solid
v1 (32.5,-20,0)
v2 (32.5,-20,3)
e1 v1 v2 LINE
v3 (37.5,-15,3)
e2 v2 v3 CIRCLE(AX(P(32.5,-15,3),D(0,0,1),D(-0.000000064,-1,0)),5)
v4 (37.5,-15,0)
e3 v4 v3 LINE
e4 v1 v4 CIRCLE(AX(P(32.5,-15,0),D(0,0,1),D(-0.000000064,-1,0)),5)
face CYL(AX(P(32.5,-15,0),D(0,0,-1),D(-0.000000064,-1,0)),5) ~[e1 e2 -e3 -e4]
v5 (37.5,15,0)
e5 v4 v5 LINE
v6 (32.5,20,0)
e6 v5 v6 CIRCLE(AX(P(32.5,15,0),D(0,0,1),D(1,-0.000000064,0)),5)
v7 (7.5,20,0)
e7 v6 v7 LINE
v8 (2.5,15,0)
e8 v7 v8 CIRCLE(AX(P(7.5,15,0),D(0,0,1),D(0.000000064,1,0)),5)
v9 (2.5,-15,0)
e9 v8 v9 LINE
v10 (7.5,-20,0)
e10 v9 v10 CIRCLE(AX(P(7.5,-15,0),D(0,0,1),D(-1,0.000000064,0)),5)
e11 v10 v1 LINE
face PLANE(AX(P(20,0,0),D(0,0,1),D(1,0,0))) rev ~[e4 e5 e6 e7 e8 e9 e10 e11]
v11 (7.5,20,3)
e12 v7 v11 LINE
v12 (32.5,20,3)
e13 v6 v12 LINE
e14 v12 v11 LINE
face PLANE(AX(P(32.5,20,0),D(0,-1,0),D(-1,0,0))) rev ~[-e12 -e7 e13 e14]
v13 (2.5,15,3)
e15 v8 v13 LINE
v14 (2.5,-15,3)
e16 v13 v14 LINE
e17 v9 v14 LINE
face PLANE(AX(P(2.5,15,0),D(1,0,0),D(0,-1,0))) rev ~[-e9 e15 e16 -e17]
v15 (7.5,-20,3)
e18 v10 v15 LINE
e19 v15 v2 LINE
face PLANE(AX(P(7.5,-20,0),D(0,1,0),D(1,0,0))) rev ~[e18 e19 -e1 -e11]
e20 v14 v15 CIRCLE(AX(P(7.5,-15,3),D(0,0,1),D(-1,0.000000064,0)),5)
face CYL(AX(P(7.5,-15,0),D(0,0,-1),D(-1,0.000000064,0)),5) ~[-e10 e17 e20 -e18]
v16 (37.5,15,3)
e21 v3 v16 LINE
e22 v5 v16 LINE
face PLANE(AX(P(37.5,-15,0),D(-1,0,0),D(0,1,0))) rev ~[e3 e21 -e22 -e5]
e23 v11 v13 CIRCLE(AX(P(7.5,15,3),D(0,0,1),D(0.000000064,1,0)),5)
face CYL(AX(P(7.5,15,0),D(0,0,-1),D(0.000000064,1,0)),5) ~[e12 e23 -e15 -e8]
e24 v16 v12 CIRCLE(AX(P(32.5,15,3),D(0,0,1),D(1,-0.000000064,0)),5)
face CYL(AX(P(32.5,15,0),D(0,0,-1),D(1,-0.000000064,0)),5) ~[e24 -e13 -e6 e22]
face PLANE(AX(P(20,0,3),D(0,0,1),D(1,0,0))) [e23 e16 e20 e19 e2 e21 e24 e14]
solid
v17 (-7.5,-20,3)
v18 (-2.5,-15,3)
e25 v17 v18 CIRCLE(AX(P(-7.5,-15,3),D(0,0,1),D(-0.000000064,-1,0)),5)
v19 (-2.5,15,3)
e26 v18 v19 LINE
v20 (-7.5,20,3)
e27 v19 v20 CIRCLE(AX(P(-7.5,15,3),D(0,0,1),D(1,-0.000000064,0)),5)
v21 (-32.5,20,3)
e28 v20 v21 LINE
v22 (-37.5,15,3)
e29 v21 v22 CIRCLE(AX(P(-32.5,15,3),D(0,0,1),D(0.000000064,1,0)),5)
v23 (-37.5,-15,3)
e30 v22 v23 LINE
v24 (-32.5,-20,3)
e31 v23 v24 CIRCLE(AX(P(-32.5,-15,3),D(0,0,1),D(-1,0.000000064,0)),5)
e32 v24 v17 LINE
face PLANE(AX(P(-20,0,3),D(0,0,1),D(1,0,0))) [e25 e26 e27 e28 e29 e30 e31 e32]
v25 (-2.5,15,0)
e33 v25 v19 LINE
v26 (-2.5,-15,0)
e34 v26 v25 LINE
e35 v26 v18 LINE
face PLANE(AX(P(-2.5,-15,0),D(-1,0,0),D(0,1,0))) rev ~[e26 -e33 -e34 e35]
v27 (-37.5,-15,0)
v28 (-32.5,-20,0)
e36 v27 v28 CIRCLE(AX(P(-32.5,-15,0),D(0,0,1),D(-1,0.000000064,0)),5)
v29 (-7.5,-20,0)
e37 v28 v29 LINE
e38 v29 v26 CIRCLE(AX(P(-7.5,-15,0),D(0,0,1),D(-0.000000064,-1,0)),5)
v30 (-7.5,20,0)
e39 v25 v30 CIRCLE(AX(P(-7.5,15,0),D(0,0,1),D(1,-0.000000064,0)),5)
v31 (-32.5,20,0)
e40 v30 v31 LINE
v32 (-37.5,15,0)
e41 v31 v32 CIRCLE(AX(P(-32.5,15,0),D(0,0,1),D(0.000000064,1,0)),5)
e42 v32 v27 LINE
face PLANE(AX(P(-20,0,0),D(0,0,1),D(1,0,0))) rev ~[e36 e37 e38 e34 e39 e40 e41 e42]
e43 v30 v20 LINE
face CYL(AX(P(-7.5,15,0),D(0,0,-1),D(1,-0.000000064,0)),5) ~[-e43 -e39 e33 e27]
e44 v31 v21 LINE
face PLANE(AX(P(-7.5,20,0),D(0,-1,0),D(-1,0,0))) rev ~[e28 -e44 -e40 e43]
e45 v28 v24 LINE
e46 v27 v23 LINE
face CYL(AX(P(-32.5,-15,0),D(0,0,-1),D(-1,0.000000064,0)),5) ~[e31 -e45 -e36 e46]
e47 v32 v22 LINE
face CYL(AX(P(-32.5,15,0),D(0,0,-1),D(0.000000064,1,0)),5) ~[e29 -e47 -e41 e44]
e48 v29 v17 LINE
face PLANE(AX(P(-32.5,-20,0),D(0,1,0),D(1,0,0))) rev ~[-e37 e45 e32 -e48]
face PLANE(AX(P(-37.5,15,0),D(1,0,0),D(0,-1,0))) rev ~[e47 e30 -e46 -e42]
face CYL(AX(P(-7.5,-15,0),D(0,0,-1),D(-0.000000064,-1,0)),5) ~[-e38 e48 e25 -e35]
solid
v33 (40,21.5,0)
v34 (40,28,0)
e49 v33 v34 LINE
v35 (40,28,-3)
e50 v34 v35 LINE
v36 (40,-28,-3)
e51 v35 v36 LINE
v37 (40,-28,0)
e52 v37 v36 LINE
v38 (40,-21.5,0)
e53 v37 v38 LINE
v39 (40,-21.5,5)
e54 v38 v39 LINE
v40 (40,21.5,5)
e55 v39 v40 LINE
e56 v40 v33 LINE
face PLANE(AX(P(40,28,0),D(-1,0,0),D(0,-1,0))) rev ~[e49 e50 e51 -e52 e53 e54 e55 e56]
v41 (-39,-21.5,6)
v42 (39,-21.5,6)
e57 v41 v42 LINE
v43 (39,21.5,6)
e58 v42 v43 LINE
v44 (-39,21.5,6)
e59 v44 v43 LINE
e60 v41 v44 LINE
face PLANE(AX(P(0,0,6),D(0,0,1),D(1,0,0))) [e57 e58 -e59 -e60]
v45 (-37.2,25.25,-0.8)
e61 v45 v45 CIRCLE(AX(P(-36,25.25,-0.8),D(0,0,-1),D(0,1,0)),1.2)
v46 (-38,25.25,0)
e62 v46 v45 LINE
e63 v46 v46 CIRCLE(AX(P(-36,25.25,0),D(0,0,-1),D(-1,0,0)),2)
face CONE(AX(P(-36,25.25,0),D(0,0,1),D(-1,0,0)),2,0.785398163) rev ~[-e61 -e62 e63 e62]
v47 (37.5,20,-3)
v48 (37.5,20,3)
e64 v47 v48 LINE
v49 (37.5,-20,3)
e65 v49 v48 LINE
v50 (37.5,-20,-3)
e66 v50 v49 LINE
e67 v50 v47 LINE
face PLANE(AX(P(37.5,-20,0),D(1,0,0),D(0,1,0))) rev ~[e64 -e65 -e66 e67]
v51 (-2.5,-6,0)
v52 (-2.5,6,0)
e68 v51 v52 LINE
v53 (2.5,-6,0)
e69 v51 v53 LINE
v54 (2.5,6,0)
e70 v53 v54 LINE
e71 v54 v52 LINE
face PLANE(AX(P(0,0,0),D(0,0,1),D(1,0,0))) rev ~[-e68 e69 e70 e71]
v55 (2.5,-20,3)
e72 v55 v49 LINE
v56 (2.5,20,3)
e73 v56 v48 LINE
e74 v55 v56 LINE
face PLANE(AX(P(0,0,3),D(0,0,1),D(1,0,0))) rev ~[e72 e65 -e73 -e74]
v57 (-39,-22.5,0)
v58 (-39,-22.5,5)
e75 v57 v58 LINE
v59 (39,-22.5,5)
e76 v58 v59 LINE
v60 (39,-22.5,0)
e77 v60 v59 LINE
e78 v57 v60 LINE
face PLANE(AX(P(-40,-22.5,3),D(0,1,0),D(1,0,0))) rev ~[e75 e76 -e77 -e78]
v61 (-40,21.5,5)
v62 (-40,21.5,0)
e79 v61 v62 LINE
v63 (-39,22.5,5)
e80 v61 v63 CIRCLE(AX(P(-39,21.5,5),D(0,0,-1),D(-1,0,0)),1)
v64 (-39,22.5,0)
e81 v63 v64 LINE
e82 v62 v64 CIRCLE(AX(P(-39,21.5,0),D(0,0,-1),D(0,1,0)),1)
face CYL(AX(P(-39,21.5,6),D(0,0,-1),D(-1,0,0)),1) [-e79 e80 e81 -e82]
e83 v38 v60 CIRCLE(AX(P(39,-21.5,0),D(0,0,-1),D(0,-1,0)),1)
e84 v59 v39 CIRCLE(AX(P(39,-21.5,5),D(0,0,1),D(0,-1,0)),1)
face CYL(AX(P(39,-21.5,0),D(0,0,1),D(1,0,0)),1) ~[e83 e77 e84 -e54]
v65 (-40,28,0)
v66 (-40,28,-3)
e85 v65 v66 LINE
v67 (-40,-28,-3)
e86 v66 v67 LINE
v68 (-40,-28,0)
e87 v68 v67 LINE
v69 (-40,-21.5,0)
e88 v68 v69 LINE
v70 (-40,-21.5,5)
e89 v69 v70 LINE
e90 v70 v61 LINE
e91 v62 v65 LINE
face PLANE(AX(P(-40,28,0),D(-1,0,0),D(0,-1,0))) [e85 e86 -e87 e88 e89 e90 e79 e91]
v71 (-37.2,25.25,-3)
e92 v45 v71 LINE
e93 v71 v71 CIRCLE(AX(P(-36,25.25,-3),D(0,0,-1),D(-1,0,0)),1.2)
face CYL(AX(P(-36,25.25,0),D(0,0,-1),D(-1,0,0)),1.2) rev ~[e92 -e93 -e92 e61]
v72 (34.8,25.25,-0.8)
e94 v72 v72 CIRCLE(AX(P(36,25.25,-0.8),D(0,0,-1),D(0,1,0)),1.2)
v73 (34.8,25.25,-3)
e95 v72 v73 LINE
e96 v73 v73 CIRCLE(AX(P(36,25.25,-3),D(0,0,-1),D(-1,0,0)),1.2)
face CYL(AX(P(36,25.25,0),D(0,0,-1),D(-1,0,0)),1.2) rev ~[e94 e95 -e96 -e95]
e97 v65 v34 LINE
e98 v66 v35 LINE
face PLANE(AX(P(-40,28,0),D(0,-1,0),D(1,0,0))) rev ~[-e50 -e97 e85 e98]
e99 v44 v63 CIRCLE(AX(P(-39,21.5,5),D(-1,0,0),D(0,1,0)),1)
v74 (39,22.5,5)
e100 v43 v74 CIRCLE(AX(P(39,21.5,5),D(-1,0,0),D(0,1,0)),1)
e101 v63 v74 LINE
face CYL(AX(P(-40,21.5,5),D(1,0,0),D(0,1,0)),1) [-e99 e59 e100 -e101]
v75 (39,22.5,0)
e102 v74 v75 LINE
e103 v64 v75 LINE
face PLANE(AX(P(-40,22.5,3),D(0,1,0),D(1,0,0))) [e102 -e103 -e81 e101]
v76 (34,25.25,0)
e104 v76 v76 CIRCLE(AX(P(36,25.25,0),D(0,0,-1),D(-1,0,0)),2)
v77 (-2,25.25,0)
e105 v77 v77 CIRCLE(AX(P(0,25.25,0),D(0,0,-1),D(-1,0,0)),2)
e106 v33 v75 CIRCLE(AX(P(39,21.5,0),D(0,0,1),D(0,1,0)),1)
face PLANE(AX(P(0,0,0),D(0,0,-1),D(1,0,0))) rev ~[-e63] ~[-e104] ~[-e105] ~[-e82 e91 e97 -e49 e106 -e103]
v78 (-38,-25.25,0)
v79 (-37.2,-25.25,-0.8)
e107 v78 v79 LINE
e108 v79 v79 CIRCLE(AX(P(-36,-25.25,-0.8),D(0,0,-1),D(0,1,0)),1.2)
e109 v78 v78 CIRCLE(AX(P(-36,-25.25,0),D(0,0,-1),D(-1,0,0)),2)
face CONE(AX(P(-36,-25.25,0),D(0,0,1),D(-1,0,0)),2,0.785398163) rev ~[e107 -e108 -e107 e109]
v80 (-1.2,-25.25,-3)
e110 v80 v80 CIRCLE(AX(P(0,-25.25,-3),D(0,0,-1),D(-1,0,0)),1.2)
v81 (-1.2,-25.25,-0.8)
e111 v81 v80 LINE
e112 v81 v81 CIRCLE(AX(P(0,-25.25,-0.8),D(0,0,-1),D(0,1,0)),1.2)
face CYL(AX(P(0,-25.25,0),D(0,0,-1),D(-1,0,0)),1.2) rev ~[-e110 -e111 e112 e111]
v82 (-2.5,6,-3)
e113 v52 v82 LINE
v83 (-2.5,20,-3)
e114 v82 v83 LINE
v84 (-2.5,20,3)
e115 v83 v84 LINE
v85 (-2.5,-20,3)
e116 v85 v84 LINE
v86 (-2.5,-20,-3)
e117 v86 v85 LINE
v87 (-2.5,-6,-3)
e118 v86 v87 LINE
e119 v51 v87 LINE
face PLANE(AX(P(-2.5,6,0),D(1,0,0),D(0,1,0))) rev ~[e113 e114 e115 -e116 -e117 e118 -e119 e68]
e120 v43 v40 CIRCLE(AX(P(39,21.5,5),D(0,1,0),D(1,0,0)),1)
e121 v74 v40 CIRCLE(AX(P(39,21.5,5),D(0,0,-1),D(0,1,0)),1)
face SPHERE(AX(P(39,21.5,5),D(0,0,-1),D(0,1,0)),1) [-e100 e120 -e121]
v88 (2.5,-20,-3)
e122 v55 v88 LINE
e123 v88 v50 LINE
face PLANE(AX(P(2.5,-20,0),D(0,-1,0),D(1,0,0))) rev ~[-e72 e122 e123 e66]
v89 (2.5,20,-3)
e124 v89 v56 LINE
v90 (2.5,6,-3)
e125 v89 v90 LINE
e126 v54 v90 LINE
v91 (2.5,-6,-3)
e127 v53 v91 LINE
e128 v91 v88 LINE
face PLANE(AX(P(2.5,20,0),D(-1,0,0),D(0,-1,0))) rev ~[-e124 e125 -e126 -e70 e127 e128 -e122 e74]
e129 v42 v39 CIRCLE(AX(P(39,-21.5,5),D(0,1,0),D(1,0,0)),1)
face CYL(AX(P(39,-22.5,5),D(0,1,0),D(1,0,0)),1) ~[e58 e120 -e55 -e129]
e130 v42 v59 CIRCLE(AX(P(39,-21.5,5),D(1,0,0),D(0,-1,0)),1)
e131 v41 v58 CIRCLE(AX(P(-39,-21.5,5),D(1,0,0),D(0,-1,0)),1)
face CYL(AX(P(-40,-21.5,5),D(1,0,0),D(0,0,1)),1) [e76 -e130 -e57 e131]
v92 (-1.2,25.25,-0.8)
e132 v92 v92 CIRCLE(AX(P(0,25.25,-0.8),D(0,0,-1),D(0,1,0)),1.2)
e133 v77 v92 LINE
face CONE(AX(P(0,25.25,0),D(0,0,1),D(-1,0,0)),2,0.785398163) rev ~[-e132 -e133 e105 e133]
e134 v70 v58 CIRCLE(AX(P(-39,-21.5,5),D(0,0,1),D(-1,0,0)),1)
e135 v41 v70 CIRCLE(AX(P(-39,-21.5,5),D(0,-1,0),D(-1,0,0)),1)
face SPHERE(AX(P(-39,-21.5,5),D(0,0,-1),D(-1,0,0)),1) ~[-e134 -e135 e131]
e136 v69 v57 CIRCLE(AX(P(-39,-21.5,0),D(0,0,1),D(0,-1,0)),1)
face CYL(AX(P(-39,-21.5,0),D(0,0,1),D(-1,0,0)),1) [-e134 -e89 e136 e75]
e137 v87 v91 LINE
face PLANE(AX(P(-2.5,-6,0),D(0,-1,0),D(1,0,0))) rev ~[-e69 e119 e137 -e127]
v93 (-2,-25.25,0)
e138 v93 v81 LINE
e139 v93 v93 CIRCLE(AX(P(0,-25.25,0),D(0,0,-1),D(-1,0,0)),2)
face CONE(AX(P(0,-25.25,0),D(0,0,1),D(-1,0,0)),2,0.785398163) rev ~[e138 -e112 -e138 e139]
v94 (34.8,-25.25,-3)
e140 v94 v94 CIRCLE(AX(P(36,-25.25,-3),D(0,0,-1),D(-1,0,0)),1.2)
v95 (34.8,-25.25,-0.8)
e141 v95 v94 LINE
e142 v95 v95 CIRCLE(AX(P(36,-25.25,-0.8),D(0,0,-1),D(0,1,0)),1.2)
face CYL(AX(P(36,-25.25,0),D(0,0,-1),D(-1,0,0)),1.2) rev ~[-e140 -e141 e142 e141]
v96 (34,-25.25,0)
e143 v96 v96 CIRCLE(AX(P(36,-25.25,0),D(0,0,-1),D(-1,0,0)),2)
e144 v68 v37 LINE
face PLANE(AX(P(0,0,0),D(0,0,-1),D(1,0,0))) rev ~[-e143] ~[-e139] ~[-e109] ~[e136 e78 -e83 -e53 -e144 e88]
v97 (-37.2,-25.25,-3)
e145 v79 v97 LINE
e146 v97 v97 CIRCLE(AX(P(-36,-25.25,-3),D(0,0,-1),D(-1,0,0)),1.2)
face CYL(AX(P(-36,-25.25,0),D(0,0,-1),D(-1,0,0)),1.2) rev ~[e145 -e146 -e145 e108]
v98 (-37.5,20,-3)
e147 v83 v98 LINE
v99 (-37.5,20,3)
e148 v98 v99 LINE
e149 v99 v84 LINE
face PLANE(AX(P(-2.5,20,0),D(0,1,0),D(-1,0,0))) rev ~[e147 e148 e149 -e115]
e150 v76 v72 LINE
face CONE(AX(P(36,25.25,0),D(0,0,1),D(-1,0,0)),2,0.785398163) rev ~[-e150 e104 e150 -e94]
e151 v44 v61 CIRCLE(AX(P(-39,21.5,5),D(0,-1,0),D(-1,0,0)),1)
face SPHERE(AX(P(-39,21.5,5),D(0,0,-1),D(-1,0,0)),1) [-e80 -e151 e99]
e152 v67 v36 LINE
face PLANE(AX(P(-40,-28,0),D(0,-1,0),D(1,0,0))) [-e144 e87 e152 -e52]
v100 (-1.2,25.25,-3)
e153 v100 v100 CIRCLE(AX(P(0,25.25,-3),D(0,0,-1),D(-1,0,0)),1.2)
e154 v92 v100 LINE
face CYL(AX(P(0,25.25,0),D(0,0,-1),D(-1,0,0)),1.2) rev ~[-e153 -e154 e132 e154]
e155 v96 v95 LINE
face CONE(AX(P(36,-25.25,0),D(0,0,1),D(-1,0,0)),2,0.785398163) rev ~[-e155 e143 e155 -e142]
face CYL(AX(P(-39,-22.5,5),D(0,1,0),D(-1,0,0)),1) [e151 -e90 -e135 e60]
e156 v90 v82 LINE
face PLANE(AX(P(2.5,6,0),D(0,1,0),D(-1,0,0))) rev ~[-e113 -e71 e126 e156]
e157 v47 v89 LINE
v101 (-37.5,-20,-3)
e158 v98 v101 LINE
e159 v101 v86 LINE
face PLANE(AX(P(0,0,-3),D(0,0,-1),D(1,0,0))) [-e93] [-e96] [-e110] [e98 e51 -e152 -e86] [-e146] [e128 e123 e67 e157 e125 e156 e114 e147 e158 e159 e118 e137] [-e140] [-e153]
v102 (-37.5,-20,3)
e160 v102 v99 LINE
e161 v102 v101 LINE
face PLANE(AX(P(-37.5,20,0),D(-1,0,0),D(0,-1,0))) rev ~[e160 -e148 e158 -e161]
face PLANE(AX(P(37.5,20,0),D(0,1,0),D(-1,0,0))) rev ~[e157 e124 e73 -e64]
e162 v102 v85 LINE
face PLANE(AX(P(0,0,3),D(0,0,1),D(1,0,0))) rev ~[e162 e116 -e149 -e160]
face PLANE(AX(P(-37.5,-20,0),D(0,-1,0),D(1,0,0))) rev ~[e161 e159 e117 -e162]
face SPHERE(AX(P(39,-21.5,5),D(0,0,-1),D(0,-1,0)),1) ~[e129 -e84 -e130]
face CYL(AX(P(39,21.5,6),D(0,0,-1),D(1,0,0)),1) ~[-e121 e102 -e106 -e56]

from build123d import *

# Parameters (mm, degrees)
PAD001_DEPTH     = 3
SKETCH002_W      = 80
SKETCH002_H      = 45
SKETCH002_W_2    = 35
SKETCH002_H_2    = 40
PAD002_DEPTH     = 3
SKETCH_W         = 80
SKETCH_H         = 45
PAD_DEPTH        = 3
SKETCH005_W      = 80
SKETCH005_H      = 56
PAD004_DEPTH     = 3
HOLE_D           = 2.4
HOLE_DEPTH       = 198.867435
HOLE_CSINK_D     = 4
HOLE_CSINK_ANGLE = 90
FILLET_R         = 1
PAD003_DEPTH     = 3


with BuildPart() as body001:
    # Sketch001 → Pad001 (new body)
    with BuildSketch(Plane.XY):
        with BuildLine():
            Line((37.5, -15), (37.5, 15))
            ThreePointArc((37.5, 15), (36.035534, 18.535534), (32.5, 20))
            Line((32.5, 20), (7.5, 20))
            ThreePointArc((7.5, 20), (3.964466, 18.535534), (2.5, 15))
            Line((2.5, 15), (2.5, -15))
            ThreePointArc((2.5, -15), (3.964466, -18.535534), (7.5, -20))
            Line((7.5, -20), (32.5, -20))
            ThreePointArc((32.5, -20), (36.035534, -18.535534), (37.5, -15))
        make_face()
    extrude(amount=PAD001_DEPTH)


with BuildPart() as cuerpo:
    # Sketch002 (on Sketch) → Pad002 (new body)
    with BuildSketch(Plane.XY):
        Rectangle(SKETCH002_W, SKETCH002_H)
        with Locations((-20, 0)):
            Rectangle(SKETCH002_W_2, SKETCH002_H_2, mode=Mode.SUBTRACT)
        with Locations((20, 0)):
            Rectangle(SKETCH002_W_2, SKETCH002_H_2, mode=Mode.SUBTRACT)
    extrude(amount=PAD002_DEPTH)

    # Sketch (on Face14 of Pad002) → Pad (join)
    with BuildSketch(Plane.XY.offset(3)):
        Rectangle(SKETCH_W, SKETCH_H)
    extrude(amount=PAD_DEPTH)

    # Sketch005 (on Face4 of Pad) → Pad004 (join)
    with BuildSketch(Plane(origin=(0, 0, 0), x_dir=(1, 0, 0), z_dir=(0, 0, -1))):
        Rectangle(SKETCH005_W, SKETCH005_H)
        Polygon((-37.5, 20), (-2.5, 20), (-2.5, 6), (2.5, 6), (2.5, 20), (37.5, 20), (37.5, -20), (2.5, -20), (2.5, -6), (-2.5, -6), (-2.5, -20), (-37.5, -20), align=None, mode=Mode.SUBTRACT)
    extrude(amount=PAD004_DEPTH)

    # Hole
    with Locations(Plane.XY):
        with Locations((-36, -25.25), (0, -25.25), (36, -25.25), (-36, 25.25), (0, 25.25), (36, 25.25)):
            CounterSinkHole(HOLE_D / 2, HOLE_CSINK_D / 2, depth=HOLE_DEPTH, counter_sink_angle=HOLE_CSINK_ANGLE)

    # Fillet
    fillet_edges = [cuerpo.edges().sort_by_distance(p)[0] for p in [
        (40, -22.5, 4.5),
        (40, -22.5, 1.5),
        (40, 22.5, 4.5),
        (40, 22.5, 1.5),
        (-40, -22.5, 4.5),
        (-40, -22.5, 1.5),
        (-40, 22.5, 4.5),
        (-40, 22.5, 1.5),
        (-40, 0, 6),
        (0, -22.5, 6),
        (0, 22.5, 6),
        (40, 0, 6),
    ]]
    fillet(fillet_edges, radius=FILLET_R)


with BuildPart() as body003:
    # Sketch003 → Pad003 (new body)
    with BuildSketch(Plane.XY):
        with BuildLine():
            Line((-2.5, -15), (-2.5, 15))
            ThreePointArc((-2.5, 15), (-3.964466, 18.535534), (-7.5, 20))
            Line((-7.5, 20), (-32.5, 20))
            ThreePointArc((-32.5, 20), (-36.035534, 18.535534), (-37.5, 15))
            Line((-37.5, 15), (-37.5, -15))
            ThreePointArc((-37.5, -15), (-36.035534, -18.535534), (-32.5, -20))
            Line((-32.5, -20), (-7.5, -20))
            ThreePointArc((-7.5, -20), (-3.964466, -18.535534), (-2.5, -15))
        make_face()
    extrude(amount=PAD003_DEPTH)


solid = Compound([body001.part, cuerpo.part, body003.part])
